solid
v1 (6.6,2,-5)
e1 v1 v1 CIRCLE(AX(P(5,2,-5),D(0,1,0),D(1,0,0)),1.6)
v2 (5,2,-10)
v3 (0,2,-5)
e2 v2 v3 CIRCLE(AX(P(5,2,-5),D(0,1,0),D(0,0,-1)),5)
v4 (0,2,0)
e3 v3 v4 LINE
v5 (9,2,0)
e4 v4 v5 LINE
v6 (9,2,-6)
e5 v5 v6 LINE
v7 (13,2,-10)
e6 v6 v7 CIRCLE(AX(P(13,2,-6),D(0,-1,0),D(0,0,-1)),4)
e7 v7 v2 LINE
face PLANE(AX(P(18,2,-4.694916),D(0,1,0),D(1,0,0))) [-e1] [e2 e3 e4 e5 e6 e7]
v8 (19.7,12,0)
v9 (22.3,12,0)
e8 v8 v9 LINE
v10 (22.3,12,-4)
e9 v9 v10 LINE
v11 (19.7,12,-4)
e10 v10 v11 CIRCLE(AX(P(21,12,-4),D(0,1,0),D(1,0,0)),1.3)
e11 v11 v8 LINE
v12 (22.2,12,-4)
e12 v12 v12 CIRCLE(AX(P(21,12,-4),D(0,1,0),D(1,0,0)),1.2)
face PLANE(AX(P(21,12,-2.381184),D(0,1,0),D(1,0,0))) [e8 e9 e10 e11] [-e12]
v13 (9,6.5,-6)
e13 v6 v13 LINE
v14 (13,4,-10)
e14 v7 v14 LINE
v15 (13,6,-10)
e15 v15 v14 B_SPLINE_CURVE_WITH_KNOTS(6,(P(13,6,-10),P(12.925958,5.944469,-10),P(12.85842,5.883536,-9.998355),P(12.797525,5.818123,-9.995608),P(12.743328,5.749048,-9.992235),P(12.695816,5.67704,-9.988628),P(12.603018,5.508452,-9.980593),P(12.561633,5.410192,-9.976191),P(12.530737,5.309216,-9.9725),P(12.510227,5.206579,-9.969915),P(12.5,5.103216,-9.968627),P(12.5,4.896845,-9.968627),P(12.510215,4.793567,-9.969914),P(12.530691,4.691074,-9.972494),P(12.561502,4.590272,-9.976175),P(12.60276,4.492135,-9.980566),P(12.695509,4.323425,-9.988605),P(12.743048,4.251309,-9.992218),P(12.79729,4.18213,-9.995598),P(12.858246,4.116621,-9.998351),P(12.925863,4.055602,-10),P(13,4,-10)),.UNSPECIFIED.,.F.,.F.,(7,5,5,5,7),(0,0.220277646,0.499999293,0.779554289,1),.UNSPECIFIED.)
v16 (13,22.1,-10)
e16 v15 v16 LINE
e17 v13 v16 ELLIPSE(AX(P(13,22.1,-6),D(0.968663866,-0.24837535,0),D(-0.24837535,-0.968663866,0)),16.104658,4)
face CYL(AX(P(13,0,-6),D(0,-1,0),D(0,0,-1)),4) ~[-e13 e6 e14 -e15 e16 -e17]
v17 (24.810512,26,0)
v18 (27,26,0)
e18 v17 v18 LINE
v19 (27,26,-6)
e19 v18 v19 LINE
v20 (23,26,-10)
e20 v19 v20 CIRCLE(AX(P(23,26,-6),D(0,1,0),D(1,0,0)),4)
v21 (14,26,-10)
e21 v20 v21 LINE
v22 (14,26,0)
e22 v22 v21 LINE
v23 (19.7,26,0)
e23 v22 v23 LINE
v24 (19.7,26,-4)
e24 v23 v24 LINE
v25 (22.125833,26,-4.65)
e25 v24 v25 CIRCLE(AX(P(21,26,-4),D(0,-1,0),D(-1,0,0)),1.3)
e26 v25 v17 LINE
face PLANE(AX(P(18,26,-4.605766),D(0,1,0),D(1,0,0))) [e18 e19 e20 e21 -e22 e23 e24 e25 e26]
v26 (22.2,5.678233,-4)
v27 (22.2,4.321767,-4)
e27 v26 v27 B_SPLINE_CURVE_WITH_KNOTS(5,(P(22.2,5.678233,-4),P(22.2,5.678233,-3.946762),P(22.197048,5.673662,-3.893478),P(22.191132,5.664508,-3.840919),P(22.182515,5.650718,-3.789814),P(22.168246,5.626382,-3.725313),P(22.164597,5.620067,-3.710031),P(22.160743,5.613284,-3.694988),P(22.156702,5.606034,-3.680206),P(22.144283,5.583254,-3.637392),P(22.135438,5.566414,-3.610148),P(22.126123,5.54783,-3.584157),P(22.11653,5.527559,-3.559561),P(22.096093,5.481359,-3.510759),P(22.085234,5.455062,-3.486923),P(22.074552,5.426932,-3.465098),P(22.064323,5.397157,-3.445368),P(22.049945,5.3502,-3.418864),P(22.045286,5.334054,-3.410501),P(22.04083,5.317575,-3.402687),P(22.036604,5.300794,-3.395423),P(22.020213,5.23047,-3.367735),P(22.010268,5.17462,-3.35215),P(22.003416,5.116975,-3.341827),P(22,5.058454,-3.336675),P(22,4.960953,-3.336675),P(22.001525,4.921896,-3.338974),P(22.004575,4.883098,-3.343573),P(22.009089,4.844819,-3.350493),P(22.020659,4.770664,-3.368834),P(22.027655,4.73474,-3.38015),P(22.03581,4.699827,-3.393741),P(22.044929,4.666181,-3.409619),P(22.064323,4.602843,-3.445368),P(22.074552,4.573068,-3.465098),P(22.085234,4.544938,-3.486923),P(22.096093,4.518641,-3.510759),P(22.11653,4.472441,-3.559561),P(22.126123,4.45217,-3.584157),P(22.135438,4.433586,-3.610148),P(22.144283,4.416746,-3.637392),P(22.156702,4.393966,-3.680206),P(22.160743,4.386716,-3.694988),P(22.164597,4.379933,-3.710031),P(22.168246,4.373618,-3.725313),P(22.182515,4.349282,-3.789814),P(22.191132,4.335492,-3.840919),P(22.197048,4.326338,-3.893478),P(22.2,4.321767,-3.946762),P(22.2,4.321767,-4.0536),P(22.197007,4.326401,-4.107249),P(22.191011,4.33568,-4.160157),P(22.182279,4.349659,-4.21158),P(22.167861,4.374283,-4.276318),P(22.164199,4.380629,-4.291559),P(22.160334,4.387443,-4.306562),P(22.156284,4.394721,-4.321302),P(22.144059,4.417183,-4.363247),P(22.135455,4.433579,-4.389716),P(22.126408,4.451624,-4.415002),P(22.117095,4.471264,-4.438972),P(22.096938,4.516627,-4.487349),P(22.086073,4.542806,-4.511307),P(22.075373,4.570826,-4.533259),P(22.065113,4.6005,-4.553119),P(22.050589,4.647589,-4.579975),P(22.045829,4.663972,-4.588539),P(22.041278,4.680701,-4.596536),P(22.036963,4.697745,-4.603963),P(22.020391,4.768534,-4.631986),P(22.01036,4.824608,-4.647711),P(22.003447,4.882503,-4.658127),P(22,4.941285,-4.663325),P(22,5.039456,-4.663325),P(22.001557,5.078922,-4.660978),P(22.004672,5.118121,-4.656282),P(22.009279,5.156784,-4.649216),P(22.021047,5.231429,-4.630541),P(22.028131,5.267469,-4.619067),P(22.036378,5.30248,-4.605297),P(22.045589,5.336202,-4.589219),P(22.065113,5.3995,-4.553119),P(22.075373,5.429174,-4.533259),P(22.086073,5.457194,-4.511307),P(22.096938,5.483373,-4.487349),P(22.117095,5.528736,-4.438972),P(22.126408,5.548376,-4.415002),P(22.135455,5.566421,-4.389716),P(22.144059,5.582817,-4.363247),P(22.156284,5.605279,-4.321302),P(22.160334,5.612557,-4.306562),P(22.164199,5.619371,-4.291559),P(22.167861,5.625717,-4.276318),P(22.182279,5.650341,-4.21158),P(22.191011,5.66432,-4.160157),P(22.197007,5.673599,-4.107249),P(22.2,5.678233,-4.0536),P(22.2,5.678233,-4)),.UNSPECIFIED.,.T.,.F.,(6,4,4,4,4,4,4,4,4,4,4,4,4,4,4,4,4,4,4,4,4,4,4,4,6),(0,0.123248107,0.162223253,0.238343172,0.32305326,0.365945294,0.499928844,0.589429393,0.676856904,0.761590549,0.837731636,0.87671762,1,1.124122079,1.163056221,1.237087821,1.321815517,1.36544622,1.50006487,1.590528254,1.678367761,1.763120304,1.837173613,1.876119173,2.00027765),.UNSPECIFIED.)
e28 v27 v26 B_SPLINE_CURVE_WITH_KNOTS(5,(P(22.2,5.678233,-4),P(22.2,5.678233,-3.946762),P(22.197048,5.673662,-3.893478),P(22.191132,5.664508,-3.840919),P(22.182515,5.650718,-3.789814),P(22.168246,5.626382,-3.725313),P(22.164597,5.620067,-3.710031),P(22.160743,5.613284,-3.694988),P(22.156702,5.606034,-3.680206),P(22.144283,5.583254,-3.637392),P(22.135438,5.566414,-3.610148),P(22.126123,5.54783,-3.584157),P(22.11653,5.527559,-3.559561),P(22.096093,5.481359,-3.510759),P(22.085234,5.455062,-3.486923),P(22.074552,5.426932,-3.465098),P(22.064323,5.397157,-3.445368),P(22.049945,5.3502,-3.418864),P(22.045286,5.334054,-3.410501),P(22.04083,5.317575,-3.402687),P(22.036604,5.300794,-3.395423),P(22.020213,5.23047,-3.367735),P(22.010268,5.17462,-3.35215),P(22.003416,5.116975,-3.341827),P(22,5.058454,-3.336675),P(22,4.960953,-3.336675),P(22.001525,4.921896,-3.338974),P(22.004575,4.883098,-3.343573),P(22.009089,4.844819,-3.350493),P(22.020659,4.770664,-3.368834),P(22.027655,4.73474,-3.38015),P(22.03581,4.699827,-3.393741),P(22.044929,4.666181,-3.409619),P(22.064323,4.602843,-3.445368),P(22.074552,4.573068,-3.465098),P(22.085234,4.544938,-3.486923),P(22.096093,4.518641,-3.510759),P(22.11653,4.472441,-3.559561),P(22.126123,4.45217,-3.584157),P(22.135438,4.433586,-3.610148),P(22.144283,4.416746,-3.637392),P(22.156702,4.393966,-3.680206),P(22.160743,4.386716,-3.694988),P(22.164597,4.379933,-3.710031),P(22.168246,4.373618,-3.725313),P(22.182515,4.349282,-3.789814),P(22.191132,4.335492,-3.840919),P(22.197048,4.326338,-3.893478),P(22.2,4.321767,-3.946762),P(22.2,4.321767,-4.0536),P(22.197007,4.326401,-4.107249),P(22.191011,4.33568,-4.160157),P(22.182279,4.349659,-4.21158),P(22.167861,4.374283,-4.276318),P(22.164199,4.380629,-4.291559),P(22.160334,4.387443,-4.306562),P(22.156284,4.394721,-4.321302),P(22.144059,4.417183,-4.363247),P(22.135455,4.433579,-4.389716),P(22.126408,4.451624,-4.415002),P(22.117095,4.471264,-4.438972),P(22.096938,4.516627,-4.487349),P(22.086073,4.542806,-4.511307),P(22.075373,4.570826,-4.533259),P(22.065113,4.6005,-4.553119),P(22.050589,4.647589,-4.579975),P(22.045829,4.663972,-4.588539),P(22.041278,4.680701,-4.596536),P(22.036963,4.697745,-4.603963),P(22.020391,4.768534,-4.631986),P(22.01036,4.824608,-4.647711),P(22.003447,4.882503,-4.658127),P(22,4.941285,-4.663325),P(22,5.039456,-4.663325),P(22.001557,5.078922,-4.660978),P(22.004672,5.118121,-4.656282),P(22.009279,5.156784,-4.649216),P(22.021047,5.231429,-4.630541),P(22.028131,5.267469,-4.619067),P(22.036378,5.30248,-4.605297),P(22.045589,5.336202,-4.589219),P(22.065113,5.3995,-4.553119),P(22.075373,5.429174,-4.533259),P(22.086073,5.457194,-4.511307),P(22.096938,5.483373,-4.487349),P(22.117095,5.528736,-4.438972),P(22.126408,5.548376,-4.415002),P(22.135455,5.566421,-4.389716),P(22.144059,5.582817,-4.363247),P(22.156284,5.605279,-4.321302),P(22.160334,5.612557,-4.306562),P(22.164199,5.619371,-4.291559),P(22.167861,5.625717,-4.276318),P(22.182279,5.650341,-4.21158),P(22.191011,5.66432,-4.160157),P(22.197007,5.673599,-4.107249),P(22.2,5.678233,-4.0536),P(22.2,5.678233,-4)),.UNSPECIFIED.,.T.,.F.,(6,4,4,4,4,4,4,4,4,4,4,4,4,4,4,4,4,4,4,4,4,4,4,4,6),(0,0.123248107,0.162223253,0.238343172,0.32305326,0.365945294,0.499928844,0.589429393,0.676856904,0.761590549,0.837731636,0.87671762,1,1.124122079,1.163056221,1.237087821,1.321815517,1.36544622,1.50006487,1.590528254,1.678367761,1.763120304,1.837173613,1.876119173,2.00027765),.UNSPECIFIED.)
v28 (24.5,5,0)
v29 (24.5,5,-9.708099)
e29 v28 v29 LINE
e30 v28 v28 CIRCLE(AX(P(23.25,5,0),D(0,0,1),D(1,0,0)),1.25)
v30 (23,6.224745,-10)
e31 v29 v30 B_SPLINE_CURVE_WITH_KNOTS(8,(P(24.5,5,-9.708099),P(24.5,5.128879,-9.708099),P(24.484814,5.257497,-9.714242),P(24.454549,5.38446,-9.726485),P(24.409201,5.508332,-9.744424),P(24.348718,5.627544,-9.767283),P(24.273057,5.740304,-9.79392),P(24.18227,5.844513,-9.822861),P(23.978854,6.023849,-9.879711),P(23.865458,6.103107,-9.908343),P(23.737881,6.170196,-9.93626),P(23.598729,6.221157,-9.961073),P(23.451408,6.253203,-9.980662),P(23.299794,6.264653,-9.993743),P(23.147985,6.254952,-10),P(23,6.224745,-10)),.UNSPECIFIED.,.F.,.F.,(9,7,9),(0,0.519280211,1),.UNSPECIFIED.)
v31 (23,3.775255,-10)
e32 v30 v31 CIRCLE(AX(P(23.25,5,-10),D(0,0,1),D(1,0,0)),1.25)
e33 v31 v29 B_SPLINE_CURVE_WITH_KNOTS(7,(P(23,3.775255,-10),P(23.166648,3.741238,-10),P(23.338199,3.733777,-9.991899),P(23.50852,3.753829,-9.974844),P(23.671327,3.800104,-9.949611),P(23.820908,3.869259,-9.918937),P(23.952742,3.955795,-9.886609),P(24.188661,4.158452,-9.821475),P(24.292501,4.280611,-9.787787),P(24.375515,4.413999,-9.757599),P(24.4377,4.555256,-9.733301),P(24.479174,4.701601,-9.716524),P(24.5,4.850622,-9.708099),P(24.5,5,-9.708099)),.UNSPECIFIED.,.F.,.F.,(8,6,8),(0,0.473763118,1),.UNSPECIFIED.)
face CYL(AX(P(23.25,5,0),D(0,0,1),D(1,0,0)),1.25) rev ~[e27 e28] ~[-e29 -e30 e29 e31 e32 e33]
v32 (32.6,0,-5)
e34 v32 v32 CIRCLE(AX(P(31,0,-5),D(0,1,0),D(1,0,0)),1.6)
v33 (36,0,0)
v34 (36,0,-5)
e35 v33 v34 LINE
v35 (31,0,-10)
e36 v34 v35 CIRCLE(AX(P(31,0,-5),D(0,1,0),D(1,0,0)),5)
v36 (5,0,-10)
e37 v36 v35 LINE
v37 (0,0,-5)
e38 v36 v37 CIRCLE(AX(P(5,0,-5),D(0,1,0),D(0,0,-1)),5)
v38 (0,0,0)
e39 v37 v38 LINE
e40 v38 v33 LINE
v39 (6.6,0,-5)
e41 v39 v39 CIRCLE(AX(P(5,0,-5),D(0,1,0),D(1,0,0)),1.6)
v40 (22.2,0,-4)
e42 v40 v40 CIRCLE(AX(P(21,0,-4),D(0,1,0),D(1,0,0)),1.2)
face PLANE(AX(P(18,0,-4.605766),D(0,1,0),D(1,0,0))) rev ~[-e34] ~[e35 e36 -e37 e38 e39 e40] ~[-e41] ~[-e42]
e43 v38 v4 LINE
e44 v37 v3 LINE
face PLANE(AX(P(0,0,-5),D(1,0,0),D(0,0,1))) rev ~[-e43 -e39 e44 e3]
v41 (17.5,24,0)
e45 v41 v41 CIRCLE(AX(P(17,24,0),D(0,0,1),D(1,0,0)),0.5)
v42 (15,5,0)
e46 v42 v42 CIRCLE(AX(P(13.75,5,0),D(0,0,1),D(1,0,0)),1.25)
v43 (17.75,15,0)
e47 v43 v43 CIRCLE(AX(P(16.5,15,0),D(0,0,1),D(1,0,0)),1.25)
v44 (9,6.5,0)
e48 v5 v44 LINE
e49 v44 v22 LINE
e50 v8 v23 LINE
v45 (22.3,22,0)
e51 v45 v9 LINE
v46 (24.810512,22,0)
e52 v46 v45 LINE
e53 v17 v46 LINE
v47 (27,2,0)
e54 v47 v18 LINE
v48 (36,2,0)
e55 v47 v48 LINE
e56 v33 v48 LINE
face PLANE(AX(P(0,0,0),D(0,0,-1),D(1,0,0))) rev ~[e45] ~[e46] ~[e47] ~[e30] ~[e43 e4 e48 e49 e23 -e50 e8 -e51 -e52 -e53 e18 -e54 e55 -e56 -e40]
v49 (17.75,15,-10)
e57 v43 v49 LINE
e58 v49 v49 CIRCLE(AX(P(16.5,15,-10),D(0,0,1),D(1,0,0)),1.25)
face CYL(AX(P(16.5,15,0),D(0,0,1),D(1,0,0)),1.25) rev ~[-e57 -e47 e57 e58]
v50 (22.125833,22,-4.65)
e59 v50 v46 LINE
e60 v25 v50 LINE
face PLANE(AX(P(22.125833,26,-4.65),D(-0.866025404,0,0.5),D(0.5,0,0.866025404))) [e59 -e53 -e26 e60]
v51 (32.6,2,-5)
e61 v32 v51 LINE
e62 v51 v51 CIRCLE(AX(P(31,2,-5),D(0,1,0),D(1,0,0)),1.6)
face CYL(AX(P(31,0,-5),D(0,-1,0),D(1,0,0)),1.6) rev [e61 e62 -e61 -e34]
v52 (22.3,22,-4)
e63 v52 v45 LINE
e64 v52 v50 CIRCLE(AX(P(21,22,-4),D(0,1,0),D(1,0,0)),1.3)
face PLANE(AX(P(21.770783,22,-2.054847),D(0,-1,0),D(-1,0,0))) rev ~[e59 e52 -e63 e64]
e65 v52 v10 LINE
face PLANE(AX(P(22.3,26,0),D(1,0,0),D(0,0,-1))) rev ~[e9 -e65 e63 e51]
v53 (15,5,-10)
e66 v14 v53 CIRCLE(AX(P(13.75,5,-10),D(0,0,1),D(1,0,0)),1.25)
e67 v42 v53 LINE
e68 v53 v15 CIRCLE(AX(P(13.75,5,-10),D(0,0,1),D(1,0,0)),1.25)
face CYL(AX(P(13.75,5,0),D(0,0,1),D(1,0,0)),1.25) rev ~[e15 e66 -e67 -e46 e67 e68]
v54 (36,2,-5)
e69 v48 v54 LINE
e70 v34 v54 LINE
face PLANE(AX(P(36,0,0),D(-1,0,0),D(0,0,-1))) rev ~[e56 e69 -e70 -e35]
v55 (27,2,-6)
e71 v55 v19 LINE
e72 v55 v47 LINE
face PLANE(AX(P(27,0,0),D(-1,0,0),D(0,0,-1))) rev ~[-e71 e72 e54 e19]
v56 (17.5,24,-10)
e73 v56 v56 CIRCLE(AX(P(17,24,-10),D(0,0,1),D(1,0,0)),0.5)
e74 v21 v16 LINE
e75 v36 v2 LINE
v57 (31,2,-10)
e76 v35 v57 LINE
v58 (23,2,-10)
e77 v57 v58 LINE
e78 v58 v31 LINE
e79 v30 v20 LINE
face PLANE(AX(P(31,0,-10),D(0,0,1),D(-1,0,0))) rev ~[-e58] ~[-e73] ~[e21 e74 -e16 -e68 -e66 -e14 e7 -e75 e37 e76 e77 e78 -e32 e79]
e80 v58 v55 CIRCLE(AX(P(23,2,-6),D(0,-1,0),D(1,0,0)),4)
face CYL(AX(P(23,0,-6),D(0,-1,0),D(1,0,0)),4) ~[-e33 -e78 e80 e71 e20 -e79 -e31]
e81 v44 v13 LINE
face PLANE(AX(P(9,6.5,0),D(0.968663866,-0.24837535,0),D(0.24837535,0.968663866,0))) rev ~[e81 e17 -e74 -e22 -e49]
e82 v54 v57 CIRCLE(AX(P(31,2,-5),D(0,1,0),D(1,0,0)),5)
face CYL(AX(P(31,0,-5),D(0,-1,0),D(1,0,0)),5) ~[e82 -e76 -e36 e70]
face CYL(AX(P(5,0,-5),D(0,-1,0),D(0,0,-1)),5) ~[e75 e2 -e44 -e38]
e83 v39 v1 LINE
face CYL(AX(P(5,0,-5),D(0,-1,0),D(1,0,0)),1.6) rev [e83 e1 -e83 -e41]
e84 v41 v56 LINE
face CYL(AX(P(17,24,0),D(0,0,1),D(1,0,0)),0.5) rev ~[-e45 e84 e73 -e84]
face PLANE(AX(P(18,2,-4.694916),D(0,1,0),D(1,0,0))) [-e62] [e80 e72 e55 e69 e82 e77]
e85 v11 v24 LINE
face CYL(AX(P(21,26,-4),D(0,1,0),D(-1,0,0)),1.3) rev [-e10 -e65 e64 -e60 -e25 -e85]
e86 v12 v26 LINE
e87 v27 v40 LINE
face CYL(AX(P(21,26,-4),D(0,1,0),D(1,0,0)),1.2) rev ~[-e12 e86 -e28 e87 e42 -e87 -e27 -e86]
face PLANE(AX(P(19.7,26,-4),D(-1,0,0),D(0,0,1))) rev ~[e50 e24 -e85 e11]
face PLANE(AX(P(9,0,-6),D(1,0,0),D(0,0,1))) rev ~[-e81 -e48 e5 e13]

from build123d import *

# Parameters (mm, degrees)
SKETCH1_R           = 1.6
BOSS_EXTRUDE1_DEPTH = 2
BOSS_EXTRUDE2_DEPTH = 26
CUT_EXTRUDE1_REACH  = 28
SKETCH3_R           = 1.2
CUT_EXTRUDE2_DEPTH  = 4
CUT_EXTRUDE3_DEPTH  = 14
CUT_EXTRUDE4_REACH  = 12
SKETCH6_R           = 0.5
SKETCH6_R_2         = 1.25


with BuildPart() as part:
    # Sketch1 → Boss-Extrude1 (new body)
    with BuildSketch(Plane(origin=(0, 0, 0), x_dir=(1, 0, 0), z_dir=(0, 1, 0))):
        with BuildLine():
            Line((0, 0), (36, 0))
            Line((36, 0), (36, 5))
            ThreePointArc((36, 5), (34.535533906, 8.535533906), (31, 10))
            Line((31, 10), (27, 10))
            Line((27, 10), (9, 10))
            Line((9, 10), (5, 10))
            ThreePointArc((5, 10), (1.464466094, 8.535533906), (0, 5))
            Line((0, 5), (0, 0))
        make_face()
        with Locations((5, 5)):
            Circle(SKETCH1_R, mode=Mode.SUBTRACT)
        with Locations((31, 5)):
            Circle(SKETCH1_R, mode=Mode.SUBTRACT)
    extrude(amount=BOSS_EXTRUDE1_DEPTH)

    # Sketch2 → Boss-Extrude2 (add)
    with BuildSketch(Plane(origin=(0, 0, 0), x_dir=(1, 0, 0), z_dir=(0, 1, 0))):
        with BuildLine():
            Line((27, 0), (27, 6))
            ThreePointArc((27, 6), (25.828427125, 8.828427125), (23, 10))
            Line((23, 10), (13, 10))
            ThreePointArc((13, 10), (10.171572875, 8.828427125), (9, 6))
            Line((9, 6), (9, 0))
            Line((9, 0), (27, 0))
        make_face()
    extrude(amount=BOSS_EXTRUDE2_DEPTH)

    # Sketch3 → Cut-Extrude1 (cut, up to next)
    with BuildSketch(Plane(origin=(0, 26, 0), x_dir=(1, 0, 0), z_dir=(0, 1, 0)), mode=Mode.PRIVATE) as cut_extrude1_sk1:
        with Locations((21, 4)):
            Circle(SKETCH3_R)
    cut_extrude1_tool1 = extrude(cut_extrude1_sk1.sketch, amount=-CUT_EXTRUDE1_REACH, mode=Mode.PRIVATE) & part.part
    add(cut_extrude1_tool1.solids().sort_by_distance((21, 26, -4))[0], mode=Mode.SUBTRACT)

    # Sketch4 → Cut-Extrude2 (cut)
    with BuildSketch(Plane(origin=(0, 26, 0), x_dir=(1, 0, 0), z_dir=(0, 1, 0))):
        with BuildLine():
            Line((22.125833025, 4.65), (24.810511777, 0))
            Line((24.810511777, 0), (19.7, 0))
            Line((19.7, 0), (19.7, 4))
            ThreePointArc((19.7, 4), (20.663535241, 5.255703574), (22.125833025, 4.65))
        make_face()
    extrude(amount=-CUT_EXTRUDE2_DEPTH, mode=Mode.SUBTRACT)

    # Sketch5 → Cut-Extrude3 (cut)
    with BuildSketch(Plane(origin=(0, 26, 0), x_dir=(1, 0, 0), z_dir=(0, 1, 0))):
        with BuildLine():
            Line((19.7, 4), (19.7, 0))
            Line((19.7, 0), (22.3, 0))
            Line((22.3, 0), (22.3, 4))
            ThreePointArc((22.3, 4), (21, 5.3), (19.7, 4))
        make_face()
    extrude(amount=-CUT_EXTRUDE3_DEPTH, mode=Mode.SUBTRACT)

    # Sketch6 → Cut-Extrude4 (cut, up to next)
    with BuildSketch(Plane.XY, mode=Mode.PRIVATE) as cut_extrude4_sk1:
        with Locations((17, 24)):
            Circle(SKETCH6_R)
    cut_extrude4_tool1 = extrude(cut_extrude4_sk1.sketch, amount=-CUT_EXTRUDE4_REACH, mode=Mode.PRIVATE) & part.part
    add(cut_extrude4_tool1.solids().sort_by_distance((17, 24, 0))[0], mode=Mode.SUBTRACT)
    # Sketch6 → Cut-Extrude4 (cut, up to next)
    with BuildSketch(Plane.XY, mode=Mode.PRIVATE) as cut_extrude4_sk2:
        with Locations((16.5, 15)):
            Circle(SKETCH6_R_2)
    cut_extrude4_tool2 = extrude(cut_extrude4_sk2.sketch, amount=-CUT_EXTRUDE4_REACH, mode=Mode.PRIVATE) & part.part
    add(cut_extrude4_tool2.solids().sort_by_distance((16.5, 15, 0))[0], mode=Mode.SUBTRACT)
    # Sketch6 → Cut-Extrude4 (cut, up to next)
    with BuildSketch(Plane.XY, mode=Mode.PRIVATE) as cut_extrude4_sk3:
        with Locations((13.75, 5)):
            Circle(SKETCH6_R_2)
    cut_extrude4_tool3 = extrude(cut_extrude4_sk3.sketch, amount=-CUT_EXTRUDE4_REACH, mode=Mode.PRIVATE) & part.part
    add(cut_extrude4_tool3.solids().sort_by_distance((13.75, 5, 0))[0], mode=Mode.SUBTRACT)
    # Sketch6 → Cut-Extrude4 (cut, up to next)
    with BuildSketch(Plane.XY, mode=Mode.PRIVATE) as cut_extrude4_sk4:
        with Locations((23.25, 5)):
            Circle(SKETCH6_R_2)
    cut_extrude4_tool4 = extrude(cut_extrude4_sk4.sketch, amount=-CUT_EXTRUDE4_REACH, mode=Mode.PRIVATE) & part.part
    add(cut_extrude4_tool4.solids().sort_by_distance((23.25, 5, 0))[0], mode=Mode.SUBTRACT)
    # Sketch6 → Cut-Extrude4 (cut, up to next)
    with BuildSketch(Plane.XY, mode=Mode.PRIVATE) as cut_extrude4_sk5:
        Polygon((9, 6.5), (14, 26), (9, 26), align=None)
    cut_extrude4_tool5 = extrude(cut_extrude4_sk5.sketch, amount=-CUT_EXTRUDE4_REACH, mode=Mode.PRIVATE) & part.part
    add(cut_extrude4_tool5.solids().sort_by_distance((10.666667, 19.5, 0))[0], mode=Mode.SUBTRACT)


solid = part.part
